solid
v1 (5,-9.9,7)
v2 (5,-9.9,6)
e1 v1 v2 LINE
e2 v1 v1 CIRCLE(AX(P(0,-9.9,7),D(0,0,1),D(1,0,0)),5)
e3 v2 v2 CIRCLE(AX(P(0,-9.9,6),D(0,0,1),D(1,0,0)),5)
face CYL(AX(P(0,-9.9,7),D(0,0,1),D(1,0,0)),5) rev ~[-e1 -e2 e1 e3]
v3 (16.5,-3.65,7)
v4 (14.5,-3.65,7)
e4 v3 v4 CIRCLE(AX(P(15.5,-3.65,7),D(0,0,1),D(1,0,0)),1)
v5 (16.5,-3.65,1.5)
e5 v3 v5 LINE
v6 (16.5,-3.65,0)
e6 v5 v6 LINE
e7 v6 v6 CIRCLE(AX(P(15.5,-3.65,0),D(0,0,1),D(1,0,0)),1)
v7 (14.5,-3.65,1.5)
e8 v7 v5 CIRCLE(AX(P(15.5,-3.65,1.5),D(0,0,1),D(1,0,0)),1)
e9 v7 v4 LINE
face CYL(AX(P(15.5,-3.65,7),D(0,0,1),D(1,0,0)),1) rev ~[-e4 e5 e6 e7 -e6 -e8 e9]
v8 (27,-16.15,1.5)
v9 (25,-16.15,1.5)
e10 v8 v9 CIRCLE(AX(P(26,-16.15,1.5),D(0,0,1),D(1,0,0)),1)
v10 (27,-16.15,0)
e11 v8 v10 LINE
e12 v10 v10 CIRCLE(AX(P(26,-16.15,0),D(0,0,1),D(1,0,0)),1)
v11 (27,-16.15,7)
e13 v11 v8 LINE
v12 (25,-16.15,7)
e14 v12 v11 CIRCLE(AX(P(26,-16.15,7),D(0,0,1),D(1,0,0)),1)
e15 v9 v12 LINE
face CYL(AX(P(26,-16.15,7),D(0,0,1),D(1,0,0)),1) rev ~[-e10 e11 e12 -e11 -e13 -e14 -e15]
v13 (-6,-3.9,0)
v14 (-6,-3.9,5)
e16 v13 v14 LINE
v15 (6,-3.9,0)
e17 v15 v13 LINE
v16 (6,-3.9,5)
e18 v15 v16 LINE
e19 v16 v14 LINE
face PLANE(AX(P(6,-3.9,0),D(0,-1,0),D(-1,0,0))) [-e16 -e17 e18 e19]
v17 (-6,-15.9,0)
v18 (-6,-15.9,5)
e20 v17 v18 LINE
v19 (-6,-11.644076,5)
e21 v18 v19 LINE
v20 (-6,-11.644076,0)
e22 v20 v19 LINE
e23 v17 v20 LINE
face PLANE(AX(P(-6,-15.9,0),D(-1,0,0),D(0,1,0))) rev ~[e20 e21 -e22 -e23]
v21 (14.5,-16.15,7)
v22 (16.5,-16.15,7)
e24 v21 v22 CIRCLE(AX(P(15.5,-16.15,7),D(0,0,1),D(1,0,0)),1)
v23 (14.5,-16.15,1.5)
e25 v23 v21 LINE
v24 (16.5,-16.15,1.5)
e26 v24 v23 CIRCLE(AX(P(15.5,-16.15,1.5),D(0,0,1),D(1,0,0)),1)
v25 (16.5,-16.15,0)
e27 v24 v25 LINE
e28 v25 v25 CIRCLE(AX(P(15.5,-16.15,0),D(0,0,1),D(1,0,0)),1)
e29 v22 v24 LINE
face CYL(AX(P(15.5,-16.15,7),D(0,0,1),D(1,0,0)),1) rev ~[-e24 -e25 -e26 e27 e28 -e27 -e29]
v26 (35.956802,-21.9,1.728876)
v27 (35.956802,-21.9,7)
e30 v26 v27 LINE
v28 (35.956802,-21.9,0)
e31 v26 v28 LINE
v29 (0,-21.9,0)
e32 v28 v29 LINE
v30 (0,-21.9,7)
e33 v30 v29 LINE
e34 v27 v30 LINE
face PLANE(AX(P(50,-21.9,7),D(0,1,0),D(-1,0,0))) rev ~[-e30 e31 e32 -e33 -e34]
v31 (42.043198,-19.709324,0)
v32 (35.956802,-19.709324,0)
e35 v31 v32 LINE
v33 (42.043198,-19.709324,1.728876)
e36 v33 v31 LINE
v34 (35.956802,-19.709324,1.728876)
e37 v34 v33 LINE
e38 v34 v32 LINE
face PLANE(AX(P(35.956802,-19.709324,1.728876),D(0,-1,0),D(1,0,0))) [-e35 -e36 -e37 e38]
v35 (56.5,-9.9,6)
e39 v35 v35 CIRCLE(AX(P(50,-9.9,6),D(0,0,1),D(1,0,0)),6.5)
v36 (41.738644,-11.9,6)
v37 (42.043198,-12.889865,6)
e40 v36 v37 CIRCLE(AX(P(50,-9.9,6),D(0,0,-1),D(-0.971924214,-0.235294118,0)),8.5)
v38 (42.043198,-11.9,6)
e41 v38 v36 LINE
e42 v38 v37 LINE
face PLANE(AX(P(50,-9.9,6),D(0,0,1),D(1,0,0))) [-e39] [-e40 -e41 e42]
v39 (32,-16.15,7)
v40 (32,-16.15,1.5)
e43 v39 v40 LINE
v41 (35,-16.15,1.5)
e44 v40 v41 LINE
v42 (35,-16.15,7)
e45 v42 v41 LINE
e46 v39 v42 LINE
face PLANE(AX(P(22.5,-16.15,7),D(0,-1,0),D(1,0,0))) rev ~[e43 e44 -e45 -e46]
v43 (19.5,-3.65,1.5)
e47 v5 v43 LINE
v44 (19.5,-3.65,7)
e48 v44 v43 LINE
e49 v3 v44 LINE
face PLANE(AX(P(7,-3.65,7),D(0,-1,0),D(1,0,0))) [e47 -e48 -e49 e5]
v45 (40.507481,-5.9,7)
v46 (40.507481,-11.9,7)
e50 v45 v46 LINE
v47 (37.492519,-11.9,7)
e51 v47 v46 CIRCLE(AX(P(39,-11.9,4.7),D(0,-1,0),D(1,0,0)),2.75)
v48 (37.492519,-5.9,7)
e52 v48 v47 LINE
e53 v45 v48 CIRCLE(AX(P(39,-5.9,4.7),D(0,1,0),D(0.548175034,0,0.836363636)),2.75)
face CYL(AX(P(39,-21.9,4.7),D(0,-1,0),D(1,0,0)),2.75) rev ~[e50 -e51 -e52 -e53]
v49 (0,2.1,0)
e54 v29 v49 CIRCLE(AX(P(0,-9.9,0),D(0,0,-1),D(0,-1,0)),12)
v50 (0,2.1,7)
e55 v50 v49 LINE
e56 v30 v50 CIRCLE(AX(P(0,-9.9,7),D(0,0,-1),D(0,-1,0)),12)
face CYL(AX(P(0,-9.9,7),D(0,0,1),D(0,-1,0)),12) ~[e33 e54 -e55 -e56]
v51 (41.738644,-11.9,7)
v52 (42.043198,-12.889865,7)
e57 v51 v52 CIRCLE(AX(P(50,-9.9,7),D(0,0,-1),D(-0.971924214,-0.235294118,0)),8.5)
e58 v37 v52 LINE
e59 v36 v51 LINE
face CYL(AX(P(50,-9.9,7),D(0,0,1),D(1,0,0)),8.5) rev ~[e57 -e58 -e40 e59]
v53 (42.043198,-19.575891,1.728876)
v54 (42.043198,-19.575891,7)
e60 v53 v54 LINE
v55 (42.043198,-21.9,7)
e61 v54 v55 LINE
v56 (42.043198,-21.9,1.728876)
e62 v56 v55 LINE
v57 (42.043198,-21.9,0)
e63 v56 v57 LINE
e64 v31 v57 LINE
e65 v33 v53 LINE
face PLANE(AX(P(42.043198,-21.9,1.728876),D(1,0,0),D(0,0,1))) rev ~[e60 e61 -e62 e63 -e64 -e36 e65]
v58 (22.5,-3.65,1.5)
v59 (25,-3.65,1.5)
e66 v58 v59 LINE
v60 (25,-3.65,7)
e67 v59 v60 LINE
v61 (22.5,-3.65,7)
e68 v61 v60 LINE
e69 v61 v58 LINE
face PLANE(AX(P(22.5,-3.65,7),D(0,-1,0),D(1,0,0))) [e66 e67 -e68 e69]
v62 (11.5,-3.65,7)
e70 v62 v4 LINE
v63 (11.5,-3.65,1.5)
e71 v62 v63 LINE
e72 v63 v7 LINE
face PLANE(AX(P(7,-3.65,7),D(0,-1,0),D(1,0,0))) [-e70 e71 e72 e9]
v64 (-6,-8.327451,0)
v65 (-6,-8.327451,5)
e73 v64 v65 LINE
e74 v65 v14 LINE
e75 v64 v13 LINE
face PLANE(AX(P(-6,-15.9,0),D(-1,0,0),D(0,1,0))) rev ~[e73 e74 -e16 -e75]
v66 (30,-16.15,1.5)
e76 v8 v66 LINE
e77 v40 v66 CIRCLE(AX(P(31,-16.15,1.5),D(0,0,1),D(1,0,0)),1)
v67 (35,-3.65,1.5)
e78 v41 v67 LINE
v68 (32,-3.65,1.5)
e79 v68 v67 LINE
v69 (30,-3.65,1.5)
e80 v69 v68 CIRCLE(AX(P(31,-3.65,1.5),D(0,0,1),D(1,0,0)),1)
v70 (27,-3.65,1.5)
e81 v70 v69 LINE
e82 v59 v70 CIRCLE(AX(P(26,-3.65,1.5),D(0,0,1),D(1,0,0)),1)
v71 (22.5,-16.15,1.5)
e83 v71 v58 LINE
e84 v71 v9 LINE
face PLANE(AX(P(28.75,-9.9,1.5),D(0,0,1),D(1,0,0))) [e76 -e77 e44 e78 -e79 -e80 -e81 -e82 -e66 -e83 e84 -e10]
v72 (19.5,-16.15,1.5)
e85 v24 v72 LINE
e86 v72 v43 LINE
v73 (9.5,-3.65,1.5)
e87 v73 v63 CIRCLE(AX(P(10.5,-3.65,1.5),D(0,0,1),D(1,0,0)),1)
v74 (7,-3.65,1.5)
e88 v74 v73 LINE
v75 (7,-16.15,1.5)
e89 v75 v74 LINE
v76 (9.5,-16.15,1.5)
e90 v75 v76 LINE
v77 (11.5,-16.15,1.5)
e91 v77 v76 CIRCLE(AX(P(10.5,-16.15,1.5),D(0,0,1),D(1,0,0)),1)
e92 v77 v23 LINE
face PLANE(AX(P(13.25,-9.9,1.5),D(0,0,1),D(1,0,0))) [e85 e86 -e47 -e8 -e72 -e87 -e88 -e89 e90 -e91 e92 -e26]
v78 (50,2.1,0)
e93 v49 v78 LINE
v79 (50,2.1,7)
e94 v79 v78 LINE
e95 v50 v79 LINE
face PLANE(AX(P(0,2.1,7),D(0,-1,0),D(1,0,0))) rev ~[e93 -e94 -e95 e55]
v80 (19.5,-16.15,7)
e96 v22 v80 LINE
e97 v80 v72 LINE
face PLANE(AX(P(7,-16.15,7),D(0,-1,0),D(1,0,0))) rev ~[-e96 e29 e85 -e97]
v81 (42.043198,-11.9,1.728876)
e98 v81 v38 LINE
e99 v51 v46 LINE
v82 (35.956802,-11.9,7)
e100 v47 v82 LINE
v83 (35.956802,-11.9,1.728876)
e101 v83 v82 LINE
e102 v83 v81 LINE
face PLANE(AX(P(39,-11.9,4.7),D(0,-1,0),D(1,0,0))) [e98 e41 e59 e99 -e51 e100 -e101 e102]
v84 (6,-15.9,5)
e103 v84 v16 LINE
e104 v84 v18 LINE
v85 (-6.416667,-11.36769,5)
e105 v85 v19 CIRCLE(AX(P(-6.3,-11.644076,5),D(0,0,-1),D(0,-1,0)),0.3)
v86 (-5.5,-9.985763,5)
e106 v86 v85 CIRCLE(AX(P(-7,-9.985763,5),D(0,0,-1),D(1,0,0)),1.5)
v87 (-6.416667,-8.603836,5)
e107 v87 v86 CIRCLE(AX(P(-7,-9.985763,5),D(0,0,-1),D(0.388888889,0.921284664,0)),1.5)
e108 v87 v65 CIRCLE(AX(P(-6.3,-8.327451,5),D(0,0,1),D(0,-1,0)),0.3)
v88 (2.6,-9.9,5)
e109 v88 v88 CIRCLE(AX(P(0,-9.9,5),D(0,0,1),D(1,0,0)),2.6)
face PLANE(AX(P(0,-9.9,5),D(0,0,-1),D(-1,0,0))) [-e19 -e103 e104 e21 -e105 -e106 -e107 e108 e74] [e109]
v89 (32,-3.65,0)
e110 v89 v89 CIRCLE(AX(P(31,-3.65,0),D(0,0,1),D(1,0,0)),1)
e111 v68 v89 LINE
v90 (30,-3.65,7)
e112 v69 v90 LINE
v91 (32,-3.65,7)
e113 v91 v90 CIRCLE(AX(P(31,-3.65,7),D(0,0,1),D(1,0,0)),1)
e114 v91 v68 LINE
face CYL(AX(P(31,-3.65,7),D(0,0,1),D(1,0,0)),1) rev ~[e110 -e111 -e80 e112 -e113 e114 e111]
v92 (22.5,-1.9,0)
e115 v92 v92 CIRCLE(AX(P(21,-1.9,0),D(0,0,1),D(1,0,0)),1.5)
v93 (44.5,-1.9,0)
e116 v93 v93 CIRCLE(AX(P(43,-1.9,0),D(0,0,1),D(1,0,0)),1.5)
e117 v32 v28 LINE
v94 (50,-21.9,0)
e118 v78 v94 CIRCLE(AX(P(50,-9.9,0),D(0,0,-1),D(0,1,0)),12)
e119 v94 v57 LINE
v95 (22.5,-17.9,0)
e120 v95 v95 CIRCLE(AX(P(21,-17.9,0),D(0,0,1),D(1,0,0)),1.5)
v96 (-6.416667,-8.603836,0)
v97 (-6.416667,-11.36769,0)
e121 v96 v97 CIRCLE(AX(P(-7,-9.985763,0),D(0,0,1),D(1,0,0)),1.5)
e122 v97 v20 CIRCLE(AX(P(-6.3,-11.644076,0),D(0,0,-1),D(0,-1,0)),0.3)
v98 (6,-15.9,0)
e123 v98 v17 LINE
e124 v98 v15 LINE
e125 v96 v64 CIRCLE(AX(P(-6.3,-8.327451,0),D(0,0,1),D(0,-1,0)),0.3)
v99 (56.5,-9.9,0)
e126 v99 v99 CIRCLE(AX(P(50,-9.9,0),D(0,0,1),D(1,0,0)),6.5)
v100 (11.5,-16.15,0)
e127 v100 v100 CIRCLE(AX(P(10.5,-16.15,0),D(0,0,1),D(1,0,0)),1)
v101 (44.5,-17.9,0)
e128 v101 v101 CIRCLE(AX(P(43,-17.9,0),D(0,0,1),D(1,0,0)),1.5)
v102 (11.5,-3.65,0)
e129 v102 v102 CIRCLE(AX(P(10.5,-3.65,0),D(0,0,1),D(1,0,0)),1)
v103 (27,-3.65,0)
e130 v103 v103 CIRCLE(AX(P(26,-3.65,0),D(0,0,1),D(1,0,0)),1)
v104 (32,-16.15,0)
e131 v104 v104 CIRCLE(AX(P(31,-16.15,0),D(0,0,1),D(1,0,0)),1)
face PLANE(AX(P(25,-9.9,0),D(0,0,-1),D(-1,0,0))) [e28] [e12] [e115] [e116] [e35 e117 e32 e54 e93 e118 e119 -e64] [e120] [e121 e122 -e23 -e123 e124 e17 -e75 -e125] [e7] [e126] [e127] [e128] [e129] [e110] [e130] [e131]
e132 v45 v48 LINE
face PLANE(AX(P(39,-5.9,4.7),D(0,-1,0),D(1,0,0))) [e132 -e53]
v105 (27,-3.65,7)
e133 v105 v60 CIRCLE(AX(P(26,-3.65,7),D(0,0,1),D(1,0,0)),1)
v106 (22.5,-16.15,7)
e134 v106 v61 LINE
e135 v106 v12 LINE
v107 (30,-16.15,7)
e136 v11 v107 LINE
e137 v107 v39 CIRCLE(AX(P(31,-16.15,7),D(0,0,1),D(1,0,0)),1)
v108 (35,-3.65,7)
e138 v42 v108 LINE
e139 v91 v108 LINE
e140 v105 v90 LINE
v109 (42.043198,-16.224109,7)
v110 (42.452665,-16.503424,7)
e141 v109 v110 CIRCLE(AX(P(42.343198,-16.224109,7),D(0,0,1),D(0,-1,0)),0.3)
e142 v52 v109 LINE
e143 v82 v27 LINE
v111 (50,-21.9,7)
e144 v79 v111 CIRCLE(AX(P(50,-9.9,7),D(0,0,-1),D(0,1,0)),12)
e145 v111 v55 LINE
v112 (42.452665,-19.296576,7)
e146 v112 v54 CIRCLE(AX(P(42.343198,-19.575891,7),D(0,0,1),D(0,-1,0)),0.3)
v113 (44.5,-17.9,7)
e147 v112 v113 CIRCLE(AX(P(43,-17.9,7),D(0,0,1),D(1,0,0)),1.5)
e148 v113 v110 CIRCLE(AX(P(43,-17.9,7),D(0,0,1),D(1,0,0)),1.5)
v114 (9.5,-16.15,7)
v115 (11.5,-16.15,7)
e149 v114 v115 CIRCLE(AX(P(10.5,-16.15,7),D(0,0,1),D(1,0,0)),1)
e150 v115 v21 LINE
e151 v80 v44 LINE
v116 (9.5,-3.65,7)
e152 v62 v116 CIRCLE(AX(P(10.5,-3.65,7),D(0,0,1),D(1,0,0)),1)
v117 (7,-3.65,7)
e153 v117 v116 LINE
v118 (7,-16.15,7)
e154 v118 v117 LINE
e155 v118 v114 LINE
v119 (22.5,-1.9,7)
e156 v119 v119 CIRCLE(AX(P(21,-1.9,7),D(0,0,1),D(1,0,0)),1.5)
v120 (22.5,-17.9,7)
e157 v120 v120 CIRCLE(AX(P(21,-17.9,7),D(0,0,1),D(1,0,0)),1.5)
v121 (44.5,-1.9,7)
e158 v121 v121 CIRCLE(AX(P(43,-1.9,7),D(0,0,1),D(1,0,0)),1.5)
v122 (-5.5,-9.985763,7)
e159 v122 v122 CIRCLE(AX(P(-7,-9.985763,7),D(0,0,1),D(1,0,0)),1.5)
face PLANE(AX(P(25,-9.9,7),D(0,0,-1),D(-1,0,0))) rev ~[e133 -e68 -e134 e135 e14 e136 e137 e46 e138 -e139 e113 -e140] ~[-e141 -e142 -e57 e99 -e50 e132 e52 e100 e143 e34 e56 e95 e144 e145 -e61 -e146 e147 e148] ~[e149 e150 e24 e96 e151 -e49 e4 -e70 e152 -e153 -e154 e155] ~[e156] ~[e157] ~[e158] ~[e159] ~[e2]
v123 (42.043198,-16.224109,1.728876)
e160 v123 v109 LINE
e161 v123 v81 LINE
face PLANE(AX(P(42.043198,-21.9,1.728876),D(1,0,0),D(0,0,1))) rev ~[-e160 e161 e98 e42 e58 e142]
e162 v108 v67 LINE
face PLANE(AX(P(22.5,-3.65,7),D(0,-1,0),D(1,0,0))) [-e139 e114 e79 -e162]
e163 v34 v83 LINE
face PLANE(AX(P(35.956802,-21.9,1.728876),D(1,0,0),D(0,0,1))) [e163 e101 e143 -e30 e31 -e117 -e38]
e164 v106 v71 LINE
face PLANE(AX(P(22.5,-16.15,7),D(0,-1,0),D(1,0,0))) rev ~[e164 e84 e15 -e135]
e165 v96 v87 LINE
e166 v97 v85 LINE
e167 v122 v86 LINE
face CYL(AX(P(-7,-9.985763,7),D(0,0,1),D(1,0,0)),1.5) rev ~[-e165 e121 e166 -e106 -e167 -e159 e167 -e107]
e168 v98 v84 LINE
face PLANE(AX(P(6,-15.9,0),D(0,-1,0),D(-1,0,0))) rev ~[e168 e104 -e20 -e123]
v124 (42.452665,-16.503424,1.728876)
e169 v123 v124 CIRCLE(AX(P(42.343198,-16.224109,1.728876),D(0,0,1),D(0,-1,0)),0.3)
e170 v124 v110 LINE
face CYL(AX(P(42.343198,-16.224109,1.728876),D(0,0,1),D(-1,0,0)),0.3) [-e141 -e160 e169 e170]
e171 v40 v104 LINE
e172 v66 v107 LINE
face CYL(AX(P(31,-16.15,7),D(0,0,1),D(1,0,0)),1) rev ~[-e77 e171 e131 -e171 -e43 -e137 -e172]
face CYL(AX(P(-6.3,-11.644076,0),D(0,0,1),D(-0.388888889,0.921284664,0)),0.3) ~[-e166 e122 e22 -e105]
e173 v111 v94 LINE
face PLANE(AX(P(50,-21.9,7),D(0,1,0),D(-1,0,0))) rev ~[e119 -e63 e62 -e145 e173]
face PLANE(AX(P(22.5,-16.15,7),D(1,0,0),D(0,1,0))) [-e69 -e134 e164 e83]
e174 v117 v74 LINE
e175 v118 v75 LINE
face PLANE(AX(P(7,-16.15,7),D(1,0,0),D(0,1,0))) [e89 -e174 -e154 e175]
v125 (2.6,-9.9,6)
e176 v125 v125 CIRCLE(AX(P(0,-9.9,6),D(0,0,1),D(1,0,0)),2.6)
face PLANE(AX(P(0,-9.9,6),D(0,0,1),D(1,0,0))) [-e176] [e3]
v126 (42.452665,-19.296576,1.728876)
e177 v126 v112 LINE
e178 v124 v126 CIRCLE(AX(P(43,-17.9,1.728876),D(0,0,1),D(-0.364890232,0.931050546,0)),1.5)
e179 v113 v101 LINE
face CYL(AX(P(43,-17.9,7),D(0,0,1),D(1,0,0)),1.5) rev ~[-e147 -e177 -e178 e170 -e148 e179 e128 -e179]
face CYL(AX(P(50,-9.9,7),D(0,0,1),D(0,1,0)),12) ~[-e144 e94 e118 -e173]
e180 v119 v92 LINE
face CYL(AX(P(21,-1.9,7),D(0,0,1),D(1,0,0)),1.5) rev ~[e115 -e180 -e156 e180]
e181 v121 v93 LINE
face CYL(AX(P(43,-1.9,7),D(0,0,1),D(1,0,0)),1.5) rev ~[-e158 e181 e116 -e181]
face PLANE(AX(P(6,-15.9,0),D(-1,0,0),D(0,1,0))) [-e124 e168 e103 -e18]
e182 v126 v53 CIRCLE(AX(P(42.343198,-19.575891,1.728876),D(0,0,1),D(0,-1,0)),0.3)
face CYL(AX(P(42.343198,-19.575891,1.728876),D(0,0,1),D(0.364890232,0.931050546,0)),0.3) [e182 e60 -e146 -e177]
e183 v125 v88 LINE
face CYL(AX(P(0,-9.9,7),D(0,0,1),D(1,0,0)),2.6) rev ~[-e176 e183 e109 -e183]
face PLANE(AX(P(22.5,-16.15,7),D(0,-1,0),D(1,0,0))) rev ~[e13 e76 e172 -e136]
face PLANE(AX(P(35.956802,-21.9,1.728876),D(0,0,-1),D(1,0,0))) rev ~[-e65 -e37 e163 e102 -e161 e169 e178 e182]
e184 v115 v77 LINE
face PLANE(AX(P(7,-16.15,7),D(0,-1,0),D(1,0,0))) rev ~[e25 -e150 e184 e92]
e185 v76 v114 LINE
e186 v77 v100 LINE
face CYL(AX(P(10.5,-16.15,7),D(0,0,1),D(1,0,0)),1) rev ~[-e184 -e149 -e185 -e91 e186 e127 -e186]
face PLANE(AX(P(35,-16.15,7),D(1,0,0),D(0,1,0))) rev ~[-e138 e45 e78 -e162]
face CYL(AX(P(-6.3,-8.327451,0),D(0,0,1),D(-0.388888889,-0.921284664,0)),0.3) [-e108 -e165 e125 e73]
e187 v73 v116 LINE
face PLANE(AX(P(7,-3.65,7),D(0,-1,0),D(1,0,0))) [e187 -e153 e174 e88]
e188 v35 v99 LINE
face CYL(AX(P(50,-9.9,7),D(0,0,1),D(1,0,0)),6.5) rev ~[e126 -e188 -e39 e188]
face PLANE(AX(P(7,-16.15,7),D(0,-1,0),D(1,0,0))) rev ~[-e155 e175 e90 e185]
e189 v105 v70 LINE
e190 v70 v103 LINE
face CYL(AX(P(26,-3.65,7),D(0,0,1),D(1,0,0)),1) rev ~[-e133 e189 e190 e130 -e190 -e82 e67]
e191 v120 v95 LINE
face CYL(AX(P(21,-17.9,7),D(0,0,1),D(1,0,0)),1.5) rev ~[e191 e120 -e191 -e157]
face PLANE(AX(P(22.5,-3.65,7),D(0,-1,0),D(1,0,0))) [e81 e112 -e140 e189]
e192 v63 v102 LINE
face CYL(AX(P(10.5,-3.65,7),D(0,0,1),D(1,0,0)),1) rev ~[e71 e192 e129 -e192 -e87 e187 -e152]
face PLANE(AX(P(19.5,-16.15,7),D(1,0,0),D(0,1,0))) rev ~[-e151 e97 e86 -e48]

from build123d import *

# Parameters (mm, degrees)
EXTRUDE_1_DEPTH      = 7
SKETCH_4_W           = 12.5
SKETCH_4_H           = 12.5
CUT_EXTRUDE_1_DEPTH  = 5.5
SKETCH_5_R           = 2.6
SKETCH_5_R_2         = 6.5
CUT_EXTRUDE_2_DEPTH  = 64.474798149
SKETCH_6_R           = 1
CUT_EXTRUDE_3_DEPTH  = 64.474798149
EXTRUDE_2_DEPTH      = 7
SKETCH_9_W           = 12
SKETCH_9_H           = 12
CUT_EXTRUDE_5_DEPTH  = 5
SKETCH_10_R          = 2.75
CUT_EXTRUDE_6_DEPTH  = 16
SKETCH_11_W          = 6.086395164
SKETCH_11_H          = 5.94224859
CUT_EXTRUDE_7_DEPTH  = 10
SKETCH_13_W          = 6.086395164
SKETCH_13_H          = 2.190675797
CUT_EXTRUDE_8_DEPTH  = 10
SKETCH_14_R          = 1.5
CUT_EXTRUDE_9_DEPTH  = 10
FILLET_1_R           = 0.3
FILLET_2_R           = 0.3
SKETCH_15_R          = 5
SKETCH_15_R_2        = 8.5
CUT_EXTRUDE_10_DEPTH = 1


with BuildPart() as part:
    # Эскиз1 → Бобышка-Вытянуть1 (new body)
    with BuildSketch(Plane.XY):
        with BuildLine():
            Line((0, 0), (50, 0))
            ThreePointArc((50, 0), (59.9, -9.9), (50, -19.8))
            Line((50, -19.8), (0, -19.8))
            ThreePointArc((0, -19.8), (-9.9, -9.9), (0, 0))
        make_face()
    extrude(amount=EXTRUDE_1_DEPTH)

    # Эскиз4 → Вырез-Вытянуть1 (cut)
    with BuildSketch(Plane.XY.offset(7)):
        with Locations((13.25, -9.9)):
            Rectangle(SKETCH_4_W, SKETCH_4_H)
        with Locations((28.75, -9.9)):
            Rectangle(SKETCH_4_W, SKETCH_4_H)
    extrude(amount=-CUT_EXTRUDE_1_DEPTH, mode=Mode.SUBTRACT)

    # Эскиз5 → Вырез-Вытянуть2 (cut, through all)
    with BuildSketch(Plane.XY.offset(7)):
        with Locations((0, -9.9)):
            Circle(SKETCH_5_R)
        with Locations((50, -9.9)):
            Circle(SKETCH_5_R_2)
    extrude(amount=-CUT_EXTRUDE_2_DEPTH, mode=Mode.SUBTRACT)

    # Эскиз6 → Вырез-Вытянуть3 (cut, through all)
    with BuildSketch(Plane.XY.offset(7)):
        with Locations((10.5, -3.65)):
            Circle(SKETCH_6_R)
        with Locations((15.5, -3.65)):
            Circle(SKETCH_6_R)
        with Locations((26, -3.65)):
            Circle(SKETCH_6_R)
        with Locations((31, -3.65)):
            Circle(SKETCH_6_R)
        with Locations((10.5, -16.15)):
            Circle(SKETCH_6_R)
        with Locations((15.5, -16.15)):
            Circle(SKETCH_6_R)
        with Locations((26, -16.15)):
            Circle(SKETCH_6_R)
        with Locations((31, -16.15)):
            Circle(SKETCH_6_R)
    extrude(amount=-CUT_EXTRUDE_3_DEPTH, mode=Mode.SUBTRACT)

    # Эскиз8 → Бобышка-Вытянуть2 (add)
    with BuildSketch(Plane.XY.offset(7)):
        with BuildLine():
            Line((0, 2.1), (50, 2.1))
            ThreePointArc((50, 2.1), (62, -9.9), (50, -21.9))
            Line((50, -21.9), (0, -21.9))
            ThreePointArc((0, -21.9), (-12, -9.9), (0, 2.1))
        make_face()
        with BuildLine():
            Line((0, -0.209438441), (50, -0.209438441))
            ThreePointArc((50, -0.209438441), (59.690561559, -9.9), (50, -19.590561559))
            Line((50, -19.590561559), (0, -19.590561559))
            ThreePointArc((0, -19.590561559), (-9.690561559, -9.9), (0, -0.209438441))
        make_face(mode=Mode.SUBTRACT)
    extrude(amount=-EXTRUDE_2_DEPTH)

    # Эскиз9 → Вырез-Вытянуть5 (cut)
    with BuildSketch(Plane(origin=(0, 0, 0), x_dir=(-1, 0, 0), z_dir=(0, 0, -1))):
        with Locations((0, -9.9)):
            Rectangle(SKETCH_9_W, SKETCH_9_H)
    extrude(amount=-CUT_EXTRUDE_5_DEPTH, mode=Mode.SUBTRACT)

    # Эскиз10 → Вырез-Вытянуть6 (cut)
    with BuildSketch(Plane.XZ.offset(21.9)):
        with Locations((39, 4.7)):
            Circle(SKETCH_10_R)
    extrude(amount=-CUT_EXTRUDE_6_DEPTH, mode=Mode.SUBTRACT)

    # Эскиз11 → Вырез-Вытянуть7 (cut)
    with BuildSketch(Plane.XZ.offset(21.9)):
        with Locations((39, 4.7)):
            Rectangle(SKETCH_11_W, SKETCH_11_H)
    extrude(amount=-CUT_EXTRUDE_7_DEPTH, mode=Mode.SUBTRACT)

    # Эскиз13 → Вырез-Вытянуть8 (cut)
    with BuildSketch(Plane.XY.offset(1.728875705)):
        with Locations((39, -20.804662101)):
            Rectangle(SKETCH_13_W, SKETCH_13_H)
    extrude(amount=-CUT_EXTRUDE_8_DEPTH, mode=Mode.SUBTRACT)

    # Эскиз14 → Вырез-Вытянуть9 (cut)
    with BuildSketch(Plane.XY.offset(7)):
        with Locations((21, -1.9)):
            Circle(SKETCH_14_R)
        with Locations((21, -17.9)):
            Circle(SKETCH_14_R)
        with Locations((43, -1.9)):
            Circle(SKETCH_14_R)
        with Locations((-7, -9.9857634)):
            Circle(SKETCH_14_R)
        with Locations((43, -17.9)):
            Circle(SKETCH_14_R)
    extrude(amount=-CUT_EXTRUDE_9_DEPTH, mode=Mode.SUBTRACT)

    # Скругление1
    fillet_1_edges = [part.edges().sort_by_distance(p)[0] for p in [
        (-6, -8.867729411, 2.5),
        (-6, -11.103797388, 2.5),
    ]]
    fillet(fillet_1_edges, radius=FILLET_1_R)

    # Скругление2
    fillet_2_edges = [part.edges().sort_by_distance(p)[0] for p in [
        (42.043197582, -16.744781781, 4.364437853),
        (42.043197582, -19.055218219, 4.364437853),
    ]]
    fillet(fillet_2_edges, radius=FILLET_2_R)

    # Эскиз15 → Вырез-Вытянуть10 (cut)
    with BuildSketch(Plane.XY.offset(7)):
        with Locations((0, -9.9)):
            Circle(SKETCH_15_R)
        with Locations((50, -9.9)):
            Circle(SKETCH_15_R_2)
    extrude(amount=-CUT_EXTRUDE_10_DEPTH, mode=Mode.SUBTRACT)


solid = part.part
